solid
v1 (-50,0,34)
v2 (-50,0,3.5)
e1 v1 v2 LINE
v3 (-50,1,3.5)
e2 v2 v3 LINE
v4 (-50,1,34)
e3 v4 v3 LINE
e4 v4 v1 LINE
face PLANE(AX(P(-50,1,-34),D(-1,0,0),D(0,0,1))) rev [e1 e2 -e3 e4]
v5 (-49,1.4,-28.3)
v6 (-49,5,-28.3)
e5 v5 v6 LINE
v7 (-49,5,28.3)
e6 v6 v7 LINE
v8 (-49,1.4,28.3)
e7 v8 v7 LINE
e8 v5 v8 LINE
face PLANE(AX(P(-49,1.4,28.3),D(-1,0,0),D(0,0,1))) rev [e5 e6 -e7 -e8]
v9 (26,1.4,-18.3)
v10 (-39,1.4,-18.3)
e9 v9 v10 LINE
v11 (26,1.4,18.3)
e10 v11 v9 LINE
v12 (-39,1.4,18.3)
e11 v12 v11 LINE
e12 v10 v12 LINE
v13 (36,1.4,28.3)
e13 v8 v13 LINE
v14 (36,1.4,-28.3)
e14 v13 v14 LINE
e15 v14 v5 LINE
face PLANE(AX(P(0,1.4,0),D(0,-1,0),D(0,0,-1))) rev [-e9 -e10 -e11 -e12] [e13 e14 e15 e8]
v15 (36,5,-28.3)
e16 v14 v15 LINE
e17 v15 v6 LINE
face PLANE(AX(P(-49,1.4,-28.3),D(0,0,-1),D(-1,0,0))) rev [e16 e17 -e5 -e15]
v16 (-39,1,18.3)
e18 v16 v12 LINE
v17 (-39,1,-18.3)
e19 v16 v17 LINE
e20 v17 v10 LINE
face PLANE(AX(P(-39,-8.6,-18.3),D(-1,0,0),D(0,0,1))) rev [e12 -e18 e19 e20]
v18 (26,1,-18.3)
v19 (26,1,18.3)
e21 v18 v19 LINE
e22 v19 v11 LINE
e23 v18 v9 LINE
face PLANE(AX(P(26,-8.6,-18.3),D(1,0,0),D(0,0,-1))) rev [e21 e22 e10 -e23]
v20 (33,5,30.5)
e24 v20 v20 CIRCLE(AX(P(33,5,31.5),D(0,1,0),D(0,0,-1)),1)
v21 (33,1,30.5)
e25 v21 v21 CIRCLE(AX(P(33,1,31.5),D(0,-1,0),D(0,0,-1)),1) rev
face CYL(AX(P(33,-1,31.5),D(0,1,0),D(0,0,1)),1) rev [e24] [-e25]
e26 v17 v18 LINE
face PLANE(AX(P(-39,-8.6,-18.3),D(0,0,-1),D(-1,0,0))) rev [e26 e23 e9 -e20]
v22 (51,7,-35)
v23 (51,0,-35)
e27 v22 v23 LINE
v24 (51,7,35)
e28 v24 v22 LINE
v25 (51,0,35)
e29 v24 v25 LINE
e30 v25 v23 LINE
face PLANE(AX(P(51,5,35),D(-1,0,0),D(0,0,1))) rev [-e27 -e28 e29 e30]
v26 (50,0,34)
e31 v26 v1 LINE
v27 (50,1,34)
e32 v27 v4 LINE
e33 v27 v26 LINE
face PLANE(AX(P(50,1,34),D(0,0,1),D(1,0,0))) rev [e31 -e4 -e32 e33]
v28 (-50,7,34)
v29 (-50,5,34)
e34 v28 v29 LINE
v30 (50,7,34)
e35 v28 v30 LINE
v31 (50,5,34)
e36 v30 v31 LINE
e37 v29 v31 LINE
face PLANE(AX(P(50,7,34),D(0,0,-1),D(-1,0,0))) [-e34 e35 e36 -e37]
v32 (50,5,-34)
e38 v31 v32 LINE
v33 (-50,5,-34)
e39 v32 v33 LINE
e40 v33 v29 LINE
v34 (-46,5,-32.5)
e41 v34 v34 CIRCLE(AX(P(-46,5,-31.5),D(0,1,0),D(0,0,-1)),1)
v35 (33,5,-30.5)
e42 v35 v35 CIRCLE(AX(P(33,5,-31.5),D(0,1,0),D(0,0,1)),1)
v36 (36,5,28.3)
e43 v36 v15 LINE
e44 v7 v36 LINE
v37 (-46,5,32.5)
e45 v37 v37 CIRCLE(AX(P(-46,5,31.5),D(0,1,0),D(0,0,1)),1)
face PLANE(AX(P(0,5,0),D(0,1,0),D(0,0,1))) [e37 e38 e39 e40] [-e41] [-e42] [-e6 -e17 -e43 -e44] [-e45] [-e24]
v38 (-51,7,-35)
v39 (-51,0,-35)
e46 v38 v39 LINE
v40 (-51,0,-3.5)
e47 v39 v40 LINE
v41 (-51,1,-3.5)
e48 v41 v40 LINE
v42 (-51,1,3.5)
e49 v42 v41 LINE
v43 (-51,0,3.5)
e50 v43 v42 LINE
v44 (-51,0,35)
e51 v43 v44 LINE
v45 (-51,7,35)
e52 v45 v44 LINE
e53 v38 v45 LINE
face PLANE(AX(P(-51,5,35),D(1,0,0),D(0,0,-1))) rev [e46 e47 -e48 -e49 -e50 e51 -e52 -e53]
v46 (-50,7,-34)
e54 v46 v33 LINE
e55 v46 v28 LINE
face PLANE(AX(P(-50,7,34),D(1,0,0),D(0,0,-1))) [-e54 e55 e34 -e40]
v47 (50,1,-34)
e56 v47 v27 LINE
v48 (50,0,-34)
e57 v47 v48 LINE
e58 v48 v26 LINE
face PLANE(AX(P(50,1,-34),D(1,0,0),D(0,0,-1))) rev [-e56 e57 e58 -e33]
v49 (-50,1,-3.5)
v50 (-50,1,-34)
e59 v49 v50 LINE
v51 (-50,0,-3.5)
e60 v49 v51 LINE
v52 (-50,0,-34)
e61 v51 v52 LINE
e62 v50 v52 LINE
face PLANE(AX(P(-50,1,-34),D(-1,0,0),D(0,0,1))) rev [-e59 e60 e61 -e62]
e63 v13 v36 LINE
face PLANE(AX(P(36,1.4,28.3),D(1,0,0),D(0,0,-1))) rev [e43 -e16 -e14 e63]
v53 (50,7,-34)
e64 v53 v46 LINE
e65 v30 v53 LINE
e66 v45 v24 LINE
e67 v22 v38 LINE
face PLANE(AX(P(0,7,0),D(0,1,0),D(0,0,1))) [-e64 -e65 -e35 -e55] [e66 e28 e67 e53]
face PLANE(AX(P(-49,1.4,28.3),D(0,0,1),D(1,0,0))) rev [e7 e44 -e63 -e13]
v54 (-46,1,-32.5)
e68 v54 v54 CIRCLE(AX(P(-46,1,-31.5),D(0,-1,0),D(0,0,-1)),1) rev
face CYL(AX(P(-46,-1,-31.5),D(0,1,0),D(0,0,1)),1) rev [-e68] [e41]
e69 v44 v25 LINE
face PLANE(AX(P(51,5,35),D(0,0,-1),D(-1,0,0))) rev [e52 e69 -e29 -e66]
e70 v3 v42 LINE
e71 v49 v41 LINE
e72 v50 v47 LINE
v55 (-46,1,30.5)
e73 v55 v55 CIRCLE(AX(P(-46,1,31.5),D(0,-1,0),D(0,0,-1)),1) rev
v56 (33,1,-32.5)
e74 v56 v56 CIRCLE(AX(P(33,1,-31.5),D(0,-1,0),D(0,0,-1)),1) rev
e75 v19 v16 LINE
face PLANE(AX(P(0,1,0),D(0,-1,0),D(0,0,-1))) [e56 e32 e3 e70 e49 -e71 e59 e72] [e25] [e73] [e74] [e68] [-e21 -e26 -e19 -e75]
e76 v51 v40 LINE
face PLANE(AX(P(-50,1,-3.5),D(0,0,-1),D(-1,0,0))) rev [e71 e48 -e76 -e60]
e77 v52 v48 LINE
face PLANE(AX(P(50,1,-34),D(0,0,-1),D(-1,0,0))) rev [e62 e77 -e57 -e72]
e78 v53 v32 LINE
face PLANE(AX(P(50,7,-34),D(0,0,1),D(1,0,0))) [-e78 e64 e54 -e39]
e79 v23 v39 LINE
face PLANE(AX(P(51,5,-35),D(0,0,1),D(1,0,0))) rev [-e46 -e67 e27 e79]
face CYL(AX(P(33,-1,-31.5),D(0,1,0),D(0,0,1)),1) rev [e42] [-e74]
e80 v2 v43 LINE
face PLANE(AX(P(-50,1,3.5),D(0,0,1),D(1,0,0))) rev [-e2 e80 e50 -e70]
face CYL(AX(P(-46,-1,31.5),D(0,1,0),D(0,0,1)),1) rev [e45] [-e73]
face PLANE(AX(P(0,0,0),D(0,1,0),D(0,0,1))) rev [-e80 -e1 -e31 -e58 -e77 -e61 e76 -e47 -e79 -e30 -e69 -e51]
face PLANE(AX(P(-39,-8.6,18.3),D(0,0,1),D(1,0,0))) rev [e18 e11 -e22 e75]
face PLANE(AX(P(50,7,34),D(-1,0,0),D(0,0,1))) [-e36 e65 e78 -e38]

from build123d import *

# Parameters (mm, degrees)
SKETCH_1_W          = 102
SKETCH_1_H          = 70
EXTRUDE_1_DEPTH     = 5
SKETCH_2_W          = 85
SKETCH_2_H          = 56.6
CUT_EXTRUDE_1_DEPTH = 3.6
SKETCH_3_R          = 1
CUT_EXTRUDE_2_DEPTH = 6
SKETCH_5_W          = 100
SKETCH_5_H          = 68
CUT_EXTRUDE_4_DEPTH = 1
SKETCH_6_W          = 7
SKETCH_6_H          = 1
CUT_EXTRUDE_5_DEPTH = 1
SKETCH_7_W          = 65
SKETCH_7_H          = 36.6
CUT_EXTRUDE_6_DEPTH = 10
SKETCH_8_W          = 102
SKETCH_8_H          = 70
SKETCH_8_W_2        = 100
SKETCH_8_H_2        = 68
EXTRUDE_2_DEPTH     = 2


with BuildPart() as part:
    # Эскиз1 → Бобышка-Вытянуть1 (new body)
    with BuildSketch(Plane(origin=(0, 0, 0), x_dir=(1, 0, 0), z_dir=(0, 1, 0))):
        Rectangle(SKETCH_1_W, SKETCH_1_H)
    extrude(amount=EXTRUDE_1_DEPTH)

    # Эскиз2 → Вырез-Вытянуть1 (cut)
    with BuildSketch(Plane(origin=(0, 5, 0), x_dir=(1, 0, 0), z_dir=(0, 1, 0))):
        with Locations((-6.5, 0)):
            Rectangle(SKETCH_2_W, SKETCH_2_H)
    extrude(amount=-CUT_EXTRUDE_1_DEPTH, mode=Mode.SUBTRACT)

    # Эскиз3 → Вырез-Вытянуть2 (cut)
    with BuildSketch(Plane(origin=(0, 5, 0), x_dir=(1, 0, 0), z_dir=(0, 1, 0))):
        with Locations(Location((33, -31.5, 0), (0, 0, 270))):
            Circle(SKETCH_3_R)
        with Locations(Location((33, 31.5, 0), (0, 0, 270))):
            Circle(SKETCH_3_R)
        with Locations(Location((-46, -31.5, 0), (0, 0, 270))):
            Circle(SKETCH_3_R)
        with Locations(Location((-46, 31.5, 0), (0, 0, 270))):
            Circle(SKETCH_3_R)
    extrude(amount=-CUT_EXTRUDE_2_DEPTH, mode=Mode.SUBTRACT)

    # Эскиз5 → Вырез-Вытянуть4 (cut)
    with BuildSketch(Plane.XZ):
        Rectangle(SKETCH_5_W, SKETCH_5_H)
    extrude(amount=-CUT_EXTRUDE_4_DEPTH, mode=Mode.SUBTRACT)

    # Эскиз6 → Вырез-Вытянуть5 (cut)
    with BuildSketch(Plane.ZY.offset(51)):
        with Locations((0, 0.5)):
            Rectangle(SKETCH_6_W, SKETCH_6_H)
    extrude(amount=-CUT_EXTRUDE_5_DEPTH, mode=Mode.SUBTRACT)

    # Эскиз7 → Вырез-Вытянуть6 (cut)
    with BuildSketch(Plane(origin=(0, 1.4, 0), x_dir=(1, 0, 0), z_dir=(0, 1, 0))):
        with Locations((-6.5, 0)):
            Rectangle(SKETCH_7_W, SKETCH_7_H)
    extrude(amount=-CUT_EXTRUDE_6_DEPTH, mode=Mode.SUBTRACT)

    # Эскиз8 → Бобышка-Вытянуть2 (add)
    with BuildSketch(Plane(origin=(0, 5, 0), x_dir=(1, 0, 0), z_dir=(0, 1, 0))):
        Rectangle(SKETCH_8_W, SKETCH_8_H)
        Rectangle(SKETCH_8_W_2, SKETCH_8_H_2, mode=Mode.SUBTRACT)
    extrude(amount=EXTRUDE_2_DEPTH)


solid = part.part
